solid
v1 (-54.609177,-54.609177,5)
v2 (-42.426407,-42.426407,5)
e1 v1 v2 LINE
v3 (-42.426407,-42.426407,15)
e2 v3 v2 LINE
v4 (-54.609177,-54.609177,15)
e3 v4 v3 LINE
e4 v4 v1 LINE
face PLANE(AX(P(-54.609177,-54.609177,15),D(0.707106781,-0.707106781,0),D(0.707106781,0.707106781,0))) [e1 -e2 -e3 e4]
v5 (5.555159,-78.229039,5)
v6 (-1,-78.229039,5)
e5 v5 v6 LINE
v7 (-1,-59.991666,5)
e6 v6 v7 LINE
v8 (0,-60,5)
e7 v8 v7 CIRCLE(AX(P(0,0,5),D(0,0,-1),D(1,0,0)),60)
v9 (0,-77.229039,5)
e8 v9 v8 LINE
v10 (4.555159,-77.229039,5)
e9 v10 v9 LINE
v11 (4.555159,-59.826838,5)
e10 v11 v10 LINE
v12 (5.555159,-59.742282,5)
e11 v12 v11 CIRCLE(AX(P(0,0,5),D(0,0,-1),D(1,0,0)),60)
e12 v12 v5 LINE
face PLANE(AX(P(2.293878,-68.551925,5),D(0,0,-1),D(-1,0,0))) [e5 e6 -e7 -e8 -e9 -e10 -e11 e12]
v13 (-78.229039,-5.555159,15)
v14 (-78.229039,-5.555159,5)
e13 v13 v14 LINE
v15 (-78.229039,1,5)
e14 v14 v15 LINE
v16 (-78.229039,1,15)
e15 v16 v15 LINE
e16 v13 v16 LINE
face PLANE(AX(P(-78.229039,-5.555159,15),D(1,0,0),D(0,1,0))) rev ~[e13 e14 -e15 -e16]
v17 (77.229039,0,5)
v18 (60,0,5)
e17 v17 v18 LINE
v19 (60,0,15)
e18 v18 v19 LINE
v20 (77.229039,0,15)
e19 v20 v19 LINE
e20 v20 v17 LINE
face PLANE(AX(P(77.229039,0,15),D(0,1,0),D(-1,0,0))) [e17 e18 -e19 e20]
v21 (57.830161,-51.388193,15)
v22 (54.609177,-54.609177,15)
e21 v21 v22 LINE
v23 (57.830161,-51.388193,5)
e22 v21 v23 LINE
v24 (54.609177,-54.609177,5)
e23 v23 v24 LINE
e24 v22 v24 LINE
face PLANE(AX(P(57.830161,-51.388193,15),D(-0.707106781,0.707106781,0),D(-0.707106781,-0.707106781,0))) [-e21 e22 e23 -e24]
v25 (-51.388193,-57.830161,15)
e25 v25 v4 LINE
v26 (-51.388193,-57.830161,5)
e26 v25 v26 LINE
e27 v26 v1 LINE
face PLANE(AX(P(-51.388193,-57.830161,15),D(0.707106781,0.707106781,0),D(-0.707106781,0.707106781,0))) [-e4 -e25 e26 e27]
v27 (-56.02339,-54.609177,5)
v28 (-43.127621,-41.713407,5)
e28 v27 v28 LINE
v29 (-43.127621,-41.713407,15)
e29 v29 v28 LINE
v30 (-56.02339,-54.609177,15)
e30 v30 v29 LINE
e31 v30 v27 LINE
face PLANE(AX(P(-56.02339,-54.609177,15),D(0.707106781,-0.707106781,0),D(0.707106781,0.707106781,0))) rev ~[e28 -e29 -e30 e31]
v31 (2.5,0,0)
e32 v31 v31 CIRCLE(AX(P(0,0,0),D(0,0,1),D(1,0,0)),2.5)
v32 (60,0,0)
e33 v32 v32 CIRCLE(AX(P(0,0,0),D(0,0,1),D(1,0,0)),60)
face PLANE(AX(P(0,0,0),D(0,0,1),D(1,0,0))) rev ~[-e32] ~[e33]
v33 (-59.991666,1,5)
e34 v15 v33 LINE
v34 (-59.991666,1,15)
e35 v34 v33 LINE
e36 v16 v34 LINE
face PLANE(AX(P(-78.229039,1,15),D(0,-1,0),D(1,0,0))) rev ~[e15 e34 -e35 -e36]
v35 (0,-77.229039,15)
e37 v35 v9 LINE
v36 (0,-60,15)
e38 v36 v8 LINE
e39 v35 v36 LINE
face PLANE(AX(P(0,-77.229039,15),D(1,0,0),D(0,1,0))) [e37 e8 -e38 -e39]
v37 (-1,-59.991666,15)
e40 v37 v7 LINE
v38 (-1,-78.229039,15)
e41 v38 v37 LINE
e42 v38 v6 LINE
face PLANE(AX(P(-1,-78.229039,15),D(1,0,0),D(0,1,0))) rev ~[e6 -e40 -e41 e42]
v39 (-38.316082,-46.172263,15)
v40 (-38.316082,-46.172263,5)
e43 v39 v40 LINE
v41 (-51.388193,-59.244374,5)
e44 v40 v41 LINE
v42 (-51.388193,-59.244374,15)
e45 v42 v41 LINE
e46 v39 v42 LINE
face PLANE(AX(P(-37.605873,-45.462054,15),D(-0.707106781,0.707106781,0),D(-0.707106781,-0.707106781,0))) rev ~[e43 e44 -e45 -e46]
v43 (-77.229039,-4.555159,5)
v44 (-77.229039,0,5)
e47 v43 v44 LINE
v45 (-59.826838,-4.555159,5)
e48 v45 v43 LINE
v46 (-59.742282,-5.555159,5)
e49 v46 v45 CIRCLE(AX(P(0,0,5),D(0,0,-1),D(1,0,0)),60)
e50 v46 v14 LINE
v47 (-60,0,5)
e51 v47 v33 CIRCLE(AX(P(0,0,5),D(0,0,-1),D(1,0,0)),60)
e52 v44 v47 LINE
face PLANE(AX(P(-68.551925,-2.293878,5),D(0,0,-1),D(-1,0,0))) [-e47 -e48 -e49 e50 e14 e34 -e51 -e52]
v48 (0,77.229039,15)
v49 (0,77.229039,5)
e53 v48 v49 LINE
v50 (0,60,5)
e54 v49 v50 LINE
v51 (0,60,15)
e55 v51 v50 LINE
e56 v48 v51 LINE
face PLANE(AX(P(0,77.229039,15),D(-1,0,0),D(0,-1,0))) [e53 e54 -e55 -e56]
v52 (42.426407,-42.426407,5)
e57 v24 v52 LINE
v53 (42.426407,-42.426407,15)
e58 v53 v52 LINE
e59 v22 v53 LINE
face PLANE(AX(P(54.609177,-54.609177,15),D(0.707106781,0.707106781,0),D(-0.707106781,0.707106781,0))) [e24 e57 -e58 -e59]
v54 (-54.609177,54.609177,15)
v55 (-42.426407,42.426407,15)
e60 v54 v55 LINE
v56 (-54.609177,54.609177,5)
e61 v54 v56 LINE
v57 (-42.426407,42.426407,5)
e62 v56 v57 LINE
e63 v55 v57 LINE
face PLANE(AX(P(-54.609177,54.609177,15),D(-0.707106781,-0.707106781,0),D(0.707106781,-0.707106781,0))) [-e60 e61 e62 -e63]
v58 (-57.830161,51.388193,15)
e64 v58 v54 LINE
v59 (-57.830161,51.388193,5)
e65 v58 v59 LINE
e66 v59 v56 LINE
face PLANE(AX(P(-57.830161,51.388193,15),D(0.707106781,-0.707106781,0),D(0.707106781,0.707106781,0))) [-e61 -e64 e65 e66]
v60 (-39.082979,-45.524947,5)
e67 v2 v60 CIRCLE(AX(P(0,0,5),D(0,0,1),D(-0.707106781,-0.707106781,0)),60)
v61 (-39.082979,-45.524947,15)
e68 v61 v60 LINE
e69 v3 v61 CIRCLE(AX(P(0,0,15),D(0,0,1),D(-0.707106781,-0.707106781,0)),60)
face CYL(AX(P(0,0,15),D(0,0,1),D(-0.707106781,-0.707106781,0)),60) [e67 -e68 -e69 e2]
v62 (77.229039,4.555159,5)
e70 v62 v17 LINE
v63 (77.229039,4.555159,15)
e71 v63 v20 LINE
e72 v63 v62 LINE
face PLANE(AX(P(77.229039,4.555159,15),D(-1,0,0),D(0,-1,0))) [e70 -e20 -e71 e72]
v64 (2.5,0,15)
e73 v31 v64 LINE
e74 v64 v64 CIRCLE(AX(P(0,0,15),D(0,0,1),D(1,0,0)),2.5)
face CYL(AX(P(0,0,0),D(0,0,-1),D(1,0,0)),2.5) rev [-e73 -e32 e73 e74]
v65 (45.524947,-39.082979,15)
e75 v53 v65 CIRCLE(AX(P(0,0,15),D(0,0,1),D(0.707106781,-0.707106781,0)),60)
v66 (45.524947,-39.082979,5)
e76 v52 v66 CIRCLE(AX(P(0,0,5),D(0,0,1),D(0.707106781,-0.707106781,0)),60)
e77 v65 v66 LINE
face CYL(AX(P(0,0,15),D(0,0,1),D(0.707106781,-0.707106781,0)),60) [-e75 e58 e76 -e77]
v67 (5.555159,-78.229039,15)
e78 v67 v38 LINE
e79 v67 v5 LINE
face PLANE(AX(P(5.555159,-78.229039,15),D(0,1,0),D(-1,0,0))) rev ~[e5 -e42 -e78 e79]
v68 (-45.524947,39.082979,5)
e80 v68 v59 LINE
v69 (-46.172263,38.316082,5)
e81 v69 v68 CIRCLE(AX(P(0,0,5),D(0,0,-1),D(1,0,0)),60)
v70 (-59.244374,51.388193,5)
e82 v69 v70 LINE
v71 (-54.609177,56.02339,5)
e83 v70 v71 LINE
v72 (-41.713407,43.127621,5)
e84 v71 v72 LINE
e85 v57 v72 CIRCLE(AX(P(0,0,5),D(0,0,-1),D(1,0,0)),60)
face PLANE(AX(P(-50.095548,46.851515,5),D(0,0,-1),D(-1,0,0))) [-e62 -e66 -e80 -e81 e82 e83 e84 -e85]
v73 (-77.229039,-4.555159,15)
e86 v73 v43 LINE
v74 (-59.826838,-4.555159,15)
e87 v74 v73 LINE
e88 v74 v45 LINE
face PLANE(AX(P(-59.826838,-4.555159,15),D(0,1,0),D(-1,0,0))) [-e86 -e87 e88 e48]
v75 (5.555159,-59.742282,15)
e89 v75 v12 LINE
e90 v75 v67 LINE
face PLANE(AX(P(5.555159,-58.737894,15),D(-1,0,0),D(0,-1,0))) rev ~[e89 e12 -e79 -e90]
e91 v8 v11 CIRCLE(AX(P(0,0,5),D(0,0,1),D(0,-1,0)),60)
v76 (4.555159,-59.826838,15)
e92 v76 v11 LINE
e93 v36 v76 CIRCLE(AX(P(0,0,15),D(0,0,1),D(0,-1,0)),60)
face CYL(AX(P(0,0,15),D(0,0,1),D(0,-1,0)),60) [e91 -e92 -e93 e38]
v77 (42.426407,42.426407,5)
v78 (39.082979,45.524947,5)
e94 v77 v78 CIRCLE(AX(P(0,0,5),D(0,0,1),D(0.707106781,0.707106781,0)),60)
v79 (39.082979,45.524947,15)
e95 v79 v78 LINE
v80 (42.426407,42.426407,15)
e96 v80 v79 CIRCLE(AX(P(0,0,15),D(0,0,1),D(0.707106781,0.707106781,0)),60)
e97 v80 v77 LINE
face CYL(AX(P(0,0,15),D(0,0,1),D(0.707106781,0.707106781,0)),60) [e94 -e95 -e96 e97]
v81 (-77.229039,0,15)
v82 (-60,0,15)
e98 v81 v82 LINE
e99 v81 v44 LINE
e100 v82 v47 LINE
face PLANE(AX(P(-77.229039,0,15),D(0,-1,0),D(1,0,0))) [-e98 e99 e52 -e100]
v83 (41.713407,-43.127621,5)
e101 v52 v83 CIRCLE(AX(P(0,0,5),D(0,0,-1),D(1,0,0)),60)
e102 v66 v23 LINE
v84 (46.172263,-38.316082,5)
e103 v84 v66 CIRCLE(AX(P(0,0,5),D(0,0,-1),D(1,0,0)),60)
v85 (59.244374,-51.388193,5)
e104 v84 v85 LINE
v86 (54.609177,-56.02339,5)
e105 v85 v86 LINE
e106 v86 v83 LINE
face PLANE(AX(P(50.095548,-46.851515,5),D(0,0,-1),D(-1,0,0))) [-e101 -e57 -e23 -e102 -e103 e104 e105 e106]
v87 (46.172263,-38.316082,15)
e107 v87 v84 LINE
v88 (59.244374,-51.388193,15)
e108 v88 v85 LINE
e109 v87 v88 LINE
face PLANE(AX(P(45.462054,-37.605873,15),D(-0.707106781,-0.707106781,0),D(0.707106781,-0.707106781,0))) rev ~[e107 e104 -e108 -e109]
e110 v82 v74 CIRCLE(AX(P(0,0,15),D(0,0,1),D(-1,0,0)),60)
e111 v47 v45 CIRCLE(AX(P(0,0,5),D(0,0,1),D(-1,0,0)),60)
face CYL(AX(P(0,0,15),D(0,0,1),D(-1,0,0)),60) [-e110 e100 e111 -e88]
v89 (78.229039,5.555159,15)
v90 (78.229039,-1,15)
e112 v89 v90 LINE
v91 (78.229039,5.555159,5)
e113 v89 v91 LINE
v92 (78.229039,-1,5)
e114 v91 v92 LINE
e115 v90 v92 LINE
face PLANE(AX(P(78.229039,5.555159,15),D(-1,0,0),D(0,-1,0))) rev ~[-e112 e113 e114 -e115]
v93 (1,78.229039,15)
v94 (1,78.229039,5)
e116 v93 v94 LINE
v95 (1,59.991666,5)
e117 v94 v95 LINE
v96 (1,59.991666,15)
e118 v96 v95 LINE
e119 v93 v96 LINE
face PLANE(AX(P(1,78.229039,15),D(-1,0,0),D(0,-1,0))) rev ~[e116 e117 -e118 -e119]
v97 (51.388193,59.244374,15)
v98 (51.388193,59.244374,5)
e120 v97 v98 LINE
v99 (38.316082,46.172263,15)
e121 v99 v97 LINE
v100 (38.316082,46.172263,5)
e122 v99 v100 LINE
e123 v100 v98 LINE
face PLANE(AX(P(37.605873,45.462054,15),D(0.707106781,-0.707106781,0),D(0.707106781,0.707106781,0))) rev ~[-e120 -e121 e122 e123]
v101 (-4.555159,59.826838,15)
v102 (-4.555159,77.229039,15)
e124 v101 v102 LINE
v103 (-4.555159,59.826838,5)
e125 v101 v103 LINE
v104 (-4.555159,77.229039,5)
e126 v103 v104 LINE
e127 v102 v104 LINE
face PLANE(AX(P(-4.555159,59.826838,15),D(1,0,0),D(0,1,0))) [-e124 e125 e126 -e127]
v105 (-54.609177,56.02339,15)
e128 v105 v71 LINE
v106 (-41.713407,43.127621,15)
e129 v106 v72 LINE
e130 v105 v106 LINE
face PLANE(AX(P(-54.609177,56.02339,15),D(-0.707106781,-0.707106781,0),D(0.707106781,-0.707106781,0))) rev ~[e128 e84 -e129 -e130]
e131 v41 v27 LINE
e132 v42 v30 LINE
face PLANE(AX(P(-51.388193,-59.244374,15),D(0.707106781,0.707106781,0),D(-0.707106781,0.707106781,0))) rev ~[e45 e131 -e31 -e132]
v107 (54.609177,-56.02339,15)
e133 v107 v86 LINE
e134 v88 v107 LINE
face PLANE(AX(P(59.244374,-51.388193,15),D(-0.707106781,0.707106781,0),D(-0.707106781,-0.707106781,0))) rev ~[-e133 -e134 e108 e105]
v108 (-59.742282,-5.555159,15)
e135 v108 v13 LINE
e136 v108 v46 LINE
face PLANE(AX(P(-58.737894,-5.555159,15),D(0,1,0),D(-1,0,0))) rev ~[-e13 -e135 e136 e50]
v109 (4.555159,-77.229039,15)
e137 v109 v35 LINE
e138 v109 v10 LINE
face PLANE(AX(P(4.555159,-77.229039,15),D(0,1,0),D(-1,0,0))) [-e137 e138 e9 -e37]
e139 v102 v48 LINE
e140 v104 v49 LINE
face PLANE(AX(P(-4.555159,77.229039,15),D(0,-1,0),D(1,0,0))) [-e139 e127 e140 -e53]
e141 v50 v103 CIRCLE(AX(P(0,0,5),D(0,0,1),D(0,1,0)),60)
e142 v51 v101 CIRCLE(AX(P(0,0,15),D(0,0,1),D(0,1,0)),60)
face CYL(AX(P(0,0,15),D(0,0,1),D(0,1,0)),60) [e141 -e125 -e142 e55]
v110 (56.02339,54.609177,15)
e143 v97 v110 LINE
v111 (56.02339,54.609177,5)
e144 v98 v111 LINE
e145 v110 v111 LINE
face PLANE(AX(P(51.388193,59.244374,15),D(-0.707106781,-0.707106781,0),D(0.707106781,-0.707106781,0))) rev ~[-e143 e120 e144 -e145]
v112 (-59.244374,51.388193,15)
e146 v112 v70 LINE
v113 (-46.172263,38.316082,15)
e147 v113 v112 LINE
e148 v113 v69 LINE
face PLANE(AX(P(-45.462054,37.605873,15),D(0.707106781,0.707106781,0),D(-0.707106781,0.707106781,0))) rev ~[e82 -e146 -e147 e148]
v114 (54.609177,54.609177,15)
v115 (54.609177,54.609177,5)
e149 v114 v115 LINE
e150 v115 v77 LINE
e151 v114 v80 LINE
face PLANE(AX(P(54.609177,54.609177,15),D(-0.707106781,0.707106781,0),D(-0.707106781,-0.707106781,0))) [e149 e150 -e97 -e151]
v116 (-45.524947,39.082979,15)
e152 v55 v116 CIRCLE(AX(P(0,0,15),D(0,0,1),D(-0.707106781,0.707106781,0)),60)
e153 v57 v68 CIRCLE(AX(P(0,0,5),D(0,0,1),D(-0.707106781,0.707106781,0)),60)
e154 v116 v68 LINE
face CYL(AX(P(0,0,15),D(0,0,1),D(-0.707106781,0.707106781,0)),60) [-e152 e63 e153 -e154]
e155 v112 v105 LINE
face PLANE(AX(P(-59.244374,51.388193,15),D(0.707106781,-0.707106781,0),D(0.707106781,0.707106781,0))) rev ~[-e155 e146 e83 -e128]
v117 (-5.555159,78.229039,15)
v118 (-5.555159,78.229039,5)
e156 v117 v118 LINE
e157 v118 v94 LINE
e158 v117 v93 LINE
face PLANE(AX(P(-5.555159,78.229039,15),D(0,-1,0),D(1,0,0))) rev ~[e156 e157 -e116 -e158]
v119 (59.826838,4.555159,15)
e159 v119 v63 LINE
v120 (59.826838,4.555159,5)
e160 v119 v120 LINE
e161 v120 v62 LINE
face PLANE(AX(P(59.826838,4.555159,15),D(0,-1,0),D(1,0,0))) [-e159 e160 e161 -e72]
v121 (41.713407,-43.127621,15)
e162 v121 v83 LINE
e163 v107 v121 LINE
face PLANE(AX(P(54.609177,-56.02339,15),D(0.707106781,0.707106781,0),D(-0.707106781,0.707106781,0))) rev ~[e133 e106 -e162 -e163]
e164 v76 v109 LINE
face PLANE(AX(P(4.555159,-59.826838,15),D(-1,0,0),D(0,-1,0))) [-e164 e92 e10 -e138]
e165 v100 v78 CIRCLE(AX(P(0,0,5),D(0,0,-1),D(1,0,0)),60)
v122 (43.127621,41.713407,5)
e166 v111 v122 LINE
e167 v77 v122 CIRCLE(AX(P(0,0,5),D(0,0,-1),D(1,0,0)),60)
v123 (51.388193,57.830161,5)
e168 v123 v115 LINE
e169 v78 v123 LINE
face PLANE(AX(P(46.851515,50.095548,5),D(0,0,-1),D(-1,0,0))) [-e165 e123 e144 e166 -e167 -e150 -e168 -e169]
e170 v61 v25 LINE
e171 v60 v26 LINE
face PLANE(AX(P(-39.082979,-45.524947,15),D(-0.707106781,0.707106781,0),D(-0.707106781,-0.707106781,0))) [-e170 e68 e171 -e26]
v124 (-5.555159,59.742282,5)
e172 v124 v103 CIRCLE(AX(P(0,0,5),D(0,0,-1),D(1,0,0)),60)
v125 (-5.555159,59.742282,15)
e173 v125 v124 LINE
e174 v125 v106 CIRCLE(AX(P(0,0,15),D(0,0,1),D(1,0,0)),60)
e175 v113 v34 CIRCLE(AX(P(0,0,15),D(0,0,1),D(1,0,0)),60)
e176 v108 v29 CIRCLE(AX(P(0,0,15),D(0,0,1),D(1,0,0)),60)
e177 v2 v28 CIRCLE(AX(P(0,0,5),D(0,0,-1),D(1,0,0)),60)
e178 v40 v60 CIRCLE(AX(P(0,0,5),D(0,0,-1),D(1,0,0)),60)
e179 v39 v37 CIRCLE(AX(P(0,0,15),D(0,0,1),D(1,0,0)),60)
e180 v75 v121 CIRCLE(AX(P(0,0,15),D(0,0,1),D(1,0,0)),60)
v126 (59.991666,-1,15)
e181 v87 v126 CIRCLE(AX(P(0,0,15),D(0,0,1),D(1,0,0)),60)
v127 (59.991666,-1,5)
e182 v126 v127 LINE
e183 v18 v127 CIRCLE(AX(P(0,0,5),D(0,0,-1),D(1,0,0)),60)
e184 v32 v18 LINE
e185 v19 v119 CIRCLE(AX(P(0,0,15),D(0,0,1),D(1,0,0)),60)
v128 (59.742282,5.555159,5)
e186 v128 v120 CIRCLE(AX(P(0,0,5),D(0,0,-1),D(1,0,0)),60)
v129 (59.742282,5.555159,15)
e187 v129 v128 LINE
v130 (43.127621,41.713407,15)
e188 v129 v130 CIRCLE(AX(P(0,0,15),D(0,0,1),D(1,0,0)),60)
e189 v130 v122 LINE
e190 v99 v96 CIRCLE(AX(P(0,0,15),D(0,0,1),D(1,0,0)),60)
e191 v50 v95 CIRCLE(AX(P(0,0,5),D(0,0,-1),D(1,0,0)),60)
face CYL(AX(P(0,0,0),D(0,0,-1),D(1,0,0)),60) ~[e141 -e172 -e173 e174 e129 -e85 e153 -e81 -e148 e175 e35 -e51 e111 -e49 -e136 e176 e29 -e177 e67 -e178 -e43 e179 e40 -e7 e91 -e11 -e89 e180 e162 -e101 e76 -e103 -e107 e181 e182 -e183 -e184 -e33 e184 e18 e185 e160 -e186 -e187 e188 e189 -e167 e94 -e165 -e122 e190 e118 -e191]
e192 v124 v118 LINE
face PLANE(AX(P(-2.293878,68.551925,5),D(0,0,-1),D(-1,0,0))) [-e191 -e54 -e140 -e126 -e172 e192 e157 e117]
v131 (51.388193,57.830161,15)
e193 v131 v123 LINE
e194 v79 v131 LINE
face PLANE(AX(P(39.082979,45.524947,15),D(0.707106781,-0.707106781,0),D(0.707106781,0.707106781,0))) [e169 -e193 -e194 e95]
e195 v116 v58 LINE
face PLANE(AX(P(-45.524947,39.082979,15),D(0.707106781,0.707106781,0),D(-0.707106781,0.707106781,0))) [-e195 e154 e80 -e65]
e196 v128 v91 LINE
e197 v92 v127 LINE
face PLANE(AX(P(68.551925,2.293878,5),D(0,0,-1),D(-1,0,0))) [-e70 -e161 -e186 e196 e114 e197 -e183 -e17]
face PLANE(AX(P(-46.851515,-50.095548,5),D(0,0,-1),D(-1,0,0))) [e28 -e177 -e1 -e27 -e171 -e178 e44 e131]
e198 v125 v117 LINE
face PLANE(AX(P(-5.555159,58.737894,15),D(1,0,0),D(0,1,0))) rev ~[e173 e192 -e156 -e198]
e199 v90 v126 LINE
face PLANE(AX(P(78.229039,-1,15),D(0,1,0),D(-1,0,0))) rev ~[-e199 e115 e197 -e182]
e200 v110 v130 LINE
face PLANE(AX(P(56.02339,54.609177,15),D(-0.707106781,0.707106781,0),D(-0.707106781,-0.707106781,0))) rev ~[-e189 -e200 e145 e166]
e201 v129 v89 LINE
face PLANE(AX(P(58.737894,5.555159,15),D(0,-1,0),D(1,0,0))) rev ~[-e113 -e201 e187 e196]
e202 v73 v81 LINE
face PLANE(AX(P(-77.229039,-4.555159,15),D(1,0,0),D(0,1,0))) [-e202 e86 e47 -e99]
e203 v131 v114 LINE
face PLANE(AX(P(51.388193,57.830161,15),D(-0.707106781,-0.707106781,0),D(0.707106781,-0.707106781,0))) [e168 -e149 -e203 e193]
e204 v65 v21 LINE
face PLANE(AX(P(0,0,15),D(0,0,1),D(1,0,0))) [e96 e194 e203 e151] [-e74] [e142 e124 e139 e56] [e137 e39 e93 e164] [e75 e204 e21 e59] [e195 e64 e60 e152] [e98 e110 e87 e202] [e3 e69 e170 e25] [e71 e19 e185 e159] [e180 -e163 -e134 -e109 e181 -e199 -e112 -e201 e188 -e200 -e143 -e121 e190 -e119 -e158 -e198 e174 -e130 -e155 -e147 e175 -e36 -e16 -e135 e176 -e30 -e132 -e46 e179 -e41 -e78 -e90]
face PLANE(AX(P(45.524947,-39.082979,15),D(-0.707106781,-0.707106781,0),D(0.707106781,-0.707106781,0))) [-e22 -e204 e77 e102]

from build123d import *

# Parameters (mm, degrees)
SKETCH1_R           = 60
SKETCH1_R_2         = 2.5
BOSS_EXTRUDE1_DEPTH = 15
EXTRUDE_THIN2_DEPTH = 10


with BuildPart() as part:
    # Sketch1 → Boss-Extrude1 (new body)
    with BuildSketch(Plane.XY):
        Circle(SKETCH1_R)
        Circle(SKETCH1_R_2, mode=Mode.SUBTRACT)
    extrude(amount=BOSS_EXTRUDE1_DEPTH)

    # Sketch3 → Extrude-Thin2 (add)
    with BuildSketch(Plane.XY.offset(15)):
        with BuildLine():
            Line((-5.555158991, 58.737894145), (-5.555158991, 78.229038529))
            Line((-5.555158991, 78.229038529), (1, 78.229038529))
            Line((1, 78.229038529), (1, 58.991524815))
            ThreePointArc((1, 58.991524815), (-2.281107294, 58.95588647), (-5.555158991, 58.737894145))
        make_face()
        with BuildLine():
            Line((-4.555158991, 59.826837845), (-4.555158991, 77.229038529))
            Line((-4.555158991, 77.229038529), (0, 77.229038529))
            Line((0, 77.229038529), (0, 60))
            ThreePointArc((0, 60), (-2.27922457, 59.956693833), (-4.555158991, 59.826837845))
        make_face(mode=Mode.SUBTRACT)
        with BuildLine():
            Line((37.60587267, 45.462053855), (51.388193036, 59.244374222))
            Line((51.388193036, 59.244374222), (56.023390411, 54.609176848))
            Line((56.023390411, 54.609176848), (42.42041401, 41.006200448))
            ThreePointArc((42.42041401, 41.006200448), (40.075120678, 43.30109355), (37.60587267, 45.462053855))
        make_face()
        with BuildLine():
            Line((39.082978926, 45.524946549), (51.388193036, 57.83016066))
            Line((51.388193036, 57.83016066), (54.609176848, 54.609176848))
            Line((54.609176848, 54.609176848), (42.426406871, 42.426406871))
            ThreePointArc((42.426406871, 42.426406871), (40.784129637, 44.007439936), (39.082978926, 45.524946549))
        make_face(mode=Mode.SUBTRACT)
        with BuildLine():
            Line((58.737894145, 5.555158991), (78.229038529, 5.555158991))
            Line((78.229038529, 5.555158991), (78.229038529, -1))
            Line((78.229038529, -1), (58.991524815, -1))
            ThreePointArc((58.991524815, -1), (58.95588647, 2.281107294), (58.737894145, 5.555158991))
        make_face()
        with BuildLine():
            Line((59.826837845, 4.555158991), (77.229038529, 4.555158991))
            Line((77.229038529, 4.555158991), (77.229038529, 0))
            Line((77.229038529, 0), (60, 0))
            ThreePointArc((60, 0), (59.956693833, 2.27922457), (59.826837845, 4.555158991))
        make_face(mode=Mode.SUBTRACT)
        with BuildLine():
            Line((45.462053855, -37.60587267), (59.244374222, -51.388193036))
            Line((59.244374222, -51.388193036), (54.609176848, -56.023390411))
            Line((54.609176848, -56.023390411), (41.006200448, -42.42041401))
            ThreePointArc((41.006200448, -42.42041401), (43.30109355, -40.075120678), (45.462053855, -37.60587267))
        make_face()
        with BuildLine():
            Line((45.524946549, -39.082978926), (57.83016066, -51.388193036))
            Line((57.83016066, -51.388193036), (54.609176848, -54.609176848))
            Line((54.609176848, -54.609176848), (42.426406871, -42.426406871))
            ThreePointArc((42.426406871, -42.426406871), (44.007439936, -40.784129637), (45.524946549, -39.082978926))
        make_face(mode=Mode.SUBTRACT)
        with BuildLine():
            Line((5.555158991, -58.737894145), (5.555158991, -78.229038529))
            Line((5.555158991, -78.229038529), (-1, -78.229038529))
            Line((-1, -78.229038529), (-1, -58.991524815))
            ThreePointArc((-1, -58.991524815), (2.281107294, -58.95588647), (5.555158991, -58.737894145))
        make_face()
        with BuildLine():
            Line((4.555158991, -59.826837845), (4.555158991, -77.229038529))
            Line((4.555158991, -77.229038529), (0, -77.229038529))
            Line((0, -77.229038529), (0, -60))
            ThreePointArc((0, -60), (2.27922457, -59.956693833), (4.555158991, -59.826837845))
        make_face(mode=Mode.SUBTRACT)
        with BuildLine():
            Line((-37.60587267, -45.462053855), (-51.388193036, -59.244374222))
            Line((-51.388193036, -59.244374222), (-56.023390411, -54.609176848))
            Line((-56.023390411, -54.609176848), (-42.42041401, -41.006200448))
            ThreePointArc((-42.42041401, -41.006200448), (-40.075120678, -43.30109355), (-37.60587267, -45.462053855))
        make_face()
        with BuildLine():
            Line((-39.082978926, -45.524946549), (-51.388193036, -57.83016066))
            Line((-51.388193036, -57.83016066), (-54.609176848, -54.609176848))
            Line((-54.609176848, -54.609176848), (-42.426406871, -42.426406871))
            ThreePointArc((-42.426406871, -42.426406871), (-40.784129637, -44.007439936), (-39.082978926, -45.524946549))
        make_face(mode=Mode.SUBTRACT)
        with BuildLine():
            Line((-58.737894145, -5.555158991), (-78.229038529, -5.555158991))
            Line((-78.229038529, -5.555158991), (-78.229038529, 1))
            Line((-78.229038529, 1), (-58.991524815, 1))
            ThreePointArc((-58.991524815, 1), (-58.95588647, -2.281107294), (-58.737894145, -5.555158991))
        make_face()
        with BuildLine():
            Line((-59.826837845, -4.555158991), (-77.229038529, -4.555158991))
            Line((-77.229038529, -4.555158991), (-77.229038529, 0))
            Line((-77.229038529, 0), (-60, 0))
            ThreePointArc((-60, 0), (-59.956693833, -2.27922457), (-59.826837845, -4.555158991))
        make_face(mode=Mode.SUBTRACT)
        with BuildLine():
            Line((-45.462053855, 37.60587267), (-59.244374222, 51.388193036))
            Line((-59.244374222, 51.388193036), (-54.609176848, 56.023390411))
            Line((-54.609176848, 56.023390411), (-41.006200448, 42.42041401))
            ThreePointArc((-41.006200448, 42.42041401), (-43.30109355, 40.075120678), (-45.462053855, 37.60587267))
        make_face()
        with BuildLine():
            Line((-45.524946549, 39.082978926), (-57.83016066, 51.388193036))
            Line((-57.83016066, 51.388193036), (-54.609176848, 54.609176848))
            Line((-54.609176848, 54.609176848), (-42.426406871, 42.426406871))
            ThreePointArc((-42.426406871, 42.426406871), (-44.007439936, 40.784129637), (-45.524946549, 39.082978926))
        make_face(mode=Mode.SUBTRACT)
    extrude(amount=-EXTRUDE_THIN2_DEPTH)


solid = part.part
